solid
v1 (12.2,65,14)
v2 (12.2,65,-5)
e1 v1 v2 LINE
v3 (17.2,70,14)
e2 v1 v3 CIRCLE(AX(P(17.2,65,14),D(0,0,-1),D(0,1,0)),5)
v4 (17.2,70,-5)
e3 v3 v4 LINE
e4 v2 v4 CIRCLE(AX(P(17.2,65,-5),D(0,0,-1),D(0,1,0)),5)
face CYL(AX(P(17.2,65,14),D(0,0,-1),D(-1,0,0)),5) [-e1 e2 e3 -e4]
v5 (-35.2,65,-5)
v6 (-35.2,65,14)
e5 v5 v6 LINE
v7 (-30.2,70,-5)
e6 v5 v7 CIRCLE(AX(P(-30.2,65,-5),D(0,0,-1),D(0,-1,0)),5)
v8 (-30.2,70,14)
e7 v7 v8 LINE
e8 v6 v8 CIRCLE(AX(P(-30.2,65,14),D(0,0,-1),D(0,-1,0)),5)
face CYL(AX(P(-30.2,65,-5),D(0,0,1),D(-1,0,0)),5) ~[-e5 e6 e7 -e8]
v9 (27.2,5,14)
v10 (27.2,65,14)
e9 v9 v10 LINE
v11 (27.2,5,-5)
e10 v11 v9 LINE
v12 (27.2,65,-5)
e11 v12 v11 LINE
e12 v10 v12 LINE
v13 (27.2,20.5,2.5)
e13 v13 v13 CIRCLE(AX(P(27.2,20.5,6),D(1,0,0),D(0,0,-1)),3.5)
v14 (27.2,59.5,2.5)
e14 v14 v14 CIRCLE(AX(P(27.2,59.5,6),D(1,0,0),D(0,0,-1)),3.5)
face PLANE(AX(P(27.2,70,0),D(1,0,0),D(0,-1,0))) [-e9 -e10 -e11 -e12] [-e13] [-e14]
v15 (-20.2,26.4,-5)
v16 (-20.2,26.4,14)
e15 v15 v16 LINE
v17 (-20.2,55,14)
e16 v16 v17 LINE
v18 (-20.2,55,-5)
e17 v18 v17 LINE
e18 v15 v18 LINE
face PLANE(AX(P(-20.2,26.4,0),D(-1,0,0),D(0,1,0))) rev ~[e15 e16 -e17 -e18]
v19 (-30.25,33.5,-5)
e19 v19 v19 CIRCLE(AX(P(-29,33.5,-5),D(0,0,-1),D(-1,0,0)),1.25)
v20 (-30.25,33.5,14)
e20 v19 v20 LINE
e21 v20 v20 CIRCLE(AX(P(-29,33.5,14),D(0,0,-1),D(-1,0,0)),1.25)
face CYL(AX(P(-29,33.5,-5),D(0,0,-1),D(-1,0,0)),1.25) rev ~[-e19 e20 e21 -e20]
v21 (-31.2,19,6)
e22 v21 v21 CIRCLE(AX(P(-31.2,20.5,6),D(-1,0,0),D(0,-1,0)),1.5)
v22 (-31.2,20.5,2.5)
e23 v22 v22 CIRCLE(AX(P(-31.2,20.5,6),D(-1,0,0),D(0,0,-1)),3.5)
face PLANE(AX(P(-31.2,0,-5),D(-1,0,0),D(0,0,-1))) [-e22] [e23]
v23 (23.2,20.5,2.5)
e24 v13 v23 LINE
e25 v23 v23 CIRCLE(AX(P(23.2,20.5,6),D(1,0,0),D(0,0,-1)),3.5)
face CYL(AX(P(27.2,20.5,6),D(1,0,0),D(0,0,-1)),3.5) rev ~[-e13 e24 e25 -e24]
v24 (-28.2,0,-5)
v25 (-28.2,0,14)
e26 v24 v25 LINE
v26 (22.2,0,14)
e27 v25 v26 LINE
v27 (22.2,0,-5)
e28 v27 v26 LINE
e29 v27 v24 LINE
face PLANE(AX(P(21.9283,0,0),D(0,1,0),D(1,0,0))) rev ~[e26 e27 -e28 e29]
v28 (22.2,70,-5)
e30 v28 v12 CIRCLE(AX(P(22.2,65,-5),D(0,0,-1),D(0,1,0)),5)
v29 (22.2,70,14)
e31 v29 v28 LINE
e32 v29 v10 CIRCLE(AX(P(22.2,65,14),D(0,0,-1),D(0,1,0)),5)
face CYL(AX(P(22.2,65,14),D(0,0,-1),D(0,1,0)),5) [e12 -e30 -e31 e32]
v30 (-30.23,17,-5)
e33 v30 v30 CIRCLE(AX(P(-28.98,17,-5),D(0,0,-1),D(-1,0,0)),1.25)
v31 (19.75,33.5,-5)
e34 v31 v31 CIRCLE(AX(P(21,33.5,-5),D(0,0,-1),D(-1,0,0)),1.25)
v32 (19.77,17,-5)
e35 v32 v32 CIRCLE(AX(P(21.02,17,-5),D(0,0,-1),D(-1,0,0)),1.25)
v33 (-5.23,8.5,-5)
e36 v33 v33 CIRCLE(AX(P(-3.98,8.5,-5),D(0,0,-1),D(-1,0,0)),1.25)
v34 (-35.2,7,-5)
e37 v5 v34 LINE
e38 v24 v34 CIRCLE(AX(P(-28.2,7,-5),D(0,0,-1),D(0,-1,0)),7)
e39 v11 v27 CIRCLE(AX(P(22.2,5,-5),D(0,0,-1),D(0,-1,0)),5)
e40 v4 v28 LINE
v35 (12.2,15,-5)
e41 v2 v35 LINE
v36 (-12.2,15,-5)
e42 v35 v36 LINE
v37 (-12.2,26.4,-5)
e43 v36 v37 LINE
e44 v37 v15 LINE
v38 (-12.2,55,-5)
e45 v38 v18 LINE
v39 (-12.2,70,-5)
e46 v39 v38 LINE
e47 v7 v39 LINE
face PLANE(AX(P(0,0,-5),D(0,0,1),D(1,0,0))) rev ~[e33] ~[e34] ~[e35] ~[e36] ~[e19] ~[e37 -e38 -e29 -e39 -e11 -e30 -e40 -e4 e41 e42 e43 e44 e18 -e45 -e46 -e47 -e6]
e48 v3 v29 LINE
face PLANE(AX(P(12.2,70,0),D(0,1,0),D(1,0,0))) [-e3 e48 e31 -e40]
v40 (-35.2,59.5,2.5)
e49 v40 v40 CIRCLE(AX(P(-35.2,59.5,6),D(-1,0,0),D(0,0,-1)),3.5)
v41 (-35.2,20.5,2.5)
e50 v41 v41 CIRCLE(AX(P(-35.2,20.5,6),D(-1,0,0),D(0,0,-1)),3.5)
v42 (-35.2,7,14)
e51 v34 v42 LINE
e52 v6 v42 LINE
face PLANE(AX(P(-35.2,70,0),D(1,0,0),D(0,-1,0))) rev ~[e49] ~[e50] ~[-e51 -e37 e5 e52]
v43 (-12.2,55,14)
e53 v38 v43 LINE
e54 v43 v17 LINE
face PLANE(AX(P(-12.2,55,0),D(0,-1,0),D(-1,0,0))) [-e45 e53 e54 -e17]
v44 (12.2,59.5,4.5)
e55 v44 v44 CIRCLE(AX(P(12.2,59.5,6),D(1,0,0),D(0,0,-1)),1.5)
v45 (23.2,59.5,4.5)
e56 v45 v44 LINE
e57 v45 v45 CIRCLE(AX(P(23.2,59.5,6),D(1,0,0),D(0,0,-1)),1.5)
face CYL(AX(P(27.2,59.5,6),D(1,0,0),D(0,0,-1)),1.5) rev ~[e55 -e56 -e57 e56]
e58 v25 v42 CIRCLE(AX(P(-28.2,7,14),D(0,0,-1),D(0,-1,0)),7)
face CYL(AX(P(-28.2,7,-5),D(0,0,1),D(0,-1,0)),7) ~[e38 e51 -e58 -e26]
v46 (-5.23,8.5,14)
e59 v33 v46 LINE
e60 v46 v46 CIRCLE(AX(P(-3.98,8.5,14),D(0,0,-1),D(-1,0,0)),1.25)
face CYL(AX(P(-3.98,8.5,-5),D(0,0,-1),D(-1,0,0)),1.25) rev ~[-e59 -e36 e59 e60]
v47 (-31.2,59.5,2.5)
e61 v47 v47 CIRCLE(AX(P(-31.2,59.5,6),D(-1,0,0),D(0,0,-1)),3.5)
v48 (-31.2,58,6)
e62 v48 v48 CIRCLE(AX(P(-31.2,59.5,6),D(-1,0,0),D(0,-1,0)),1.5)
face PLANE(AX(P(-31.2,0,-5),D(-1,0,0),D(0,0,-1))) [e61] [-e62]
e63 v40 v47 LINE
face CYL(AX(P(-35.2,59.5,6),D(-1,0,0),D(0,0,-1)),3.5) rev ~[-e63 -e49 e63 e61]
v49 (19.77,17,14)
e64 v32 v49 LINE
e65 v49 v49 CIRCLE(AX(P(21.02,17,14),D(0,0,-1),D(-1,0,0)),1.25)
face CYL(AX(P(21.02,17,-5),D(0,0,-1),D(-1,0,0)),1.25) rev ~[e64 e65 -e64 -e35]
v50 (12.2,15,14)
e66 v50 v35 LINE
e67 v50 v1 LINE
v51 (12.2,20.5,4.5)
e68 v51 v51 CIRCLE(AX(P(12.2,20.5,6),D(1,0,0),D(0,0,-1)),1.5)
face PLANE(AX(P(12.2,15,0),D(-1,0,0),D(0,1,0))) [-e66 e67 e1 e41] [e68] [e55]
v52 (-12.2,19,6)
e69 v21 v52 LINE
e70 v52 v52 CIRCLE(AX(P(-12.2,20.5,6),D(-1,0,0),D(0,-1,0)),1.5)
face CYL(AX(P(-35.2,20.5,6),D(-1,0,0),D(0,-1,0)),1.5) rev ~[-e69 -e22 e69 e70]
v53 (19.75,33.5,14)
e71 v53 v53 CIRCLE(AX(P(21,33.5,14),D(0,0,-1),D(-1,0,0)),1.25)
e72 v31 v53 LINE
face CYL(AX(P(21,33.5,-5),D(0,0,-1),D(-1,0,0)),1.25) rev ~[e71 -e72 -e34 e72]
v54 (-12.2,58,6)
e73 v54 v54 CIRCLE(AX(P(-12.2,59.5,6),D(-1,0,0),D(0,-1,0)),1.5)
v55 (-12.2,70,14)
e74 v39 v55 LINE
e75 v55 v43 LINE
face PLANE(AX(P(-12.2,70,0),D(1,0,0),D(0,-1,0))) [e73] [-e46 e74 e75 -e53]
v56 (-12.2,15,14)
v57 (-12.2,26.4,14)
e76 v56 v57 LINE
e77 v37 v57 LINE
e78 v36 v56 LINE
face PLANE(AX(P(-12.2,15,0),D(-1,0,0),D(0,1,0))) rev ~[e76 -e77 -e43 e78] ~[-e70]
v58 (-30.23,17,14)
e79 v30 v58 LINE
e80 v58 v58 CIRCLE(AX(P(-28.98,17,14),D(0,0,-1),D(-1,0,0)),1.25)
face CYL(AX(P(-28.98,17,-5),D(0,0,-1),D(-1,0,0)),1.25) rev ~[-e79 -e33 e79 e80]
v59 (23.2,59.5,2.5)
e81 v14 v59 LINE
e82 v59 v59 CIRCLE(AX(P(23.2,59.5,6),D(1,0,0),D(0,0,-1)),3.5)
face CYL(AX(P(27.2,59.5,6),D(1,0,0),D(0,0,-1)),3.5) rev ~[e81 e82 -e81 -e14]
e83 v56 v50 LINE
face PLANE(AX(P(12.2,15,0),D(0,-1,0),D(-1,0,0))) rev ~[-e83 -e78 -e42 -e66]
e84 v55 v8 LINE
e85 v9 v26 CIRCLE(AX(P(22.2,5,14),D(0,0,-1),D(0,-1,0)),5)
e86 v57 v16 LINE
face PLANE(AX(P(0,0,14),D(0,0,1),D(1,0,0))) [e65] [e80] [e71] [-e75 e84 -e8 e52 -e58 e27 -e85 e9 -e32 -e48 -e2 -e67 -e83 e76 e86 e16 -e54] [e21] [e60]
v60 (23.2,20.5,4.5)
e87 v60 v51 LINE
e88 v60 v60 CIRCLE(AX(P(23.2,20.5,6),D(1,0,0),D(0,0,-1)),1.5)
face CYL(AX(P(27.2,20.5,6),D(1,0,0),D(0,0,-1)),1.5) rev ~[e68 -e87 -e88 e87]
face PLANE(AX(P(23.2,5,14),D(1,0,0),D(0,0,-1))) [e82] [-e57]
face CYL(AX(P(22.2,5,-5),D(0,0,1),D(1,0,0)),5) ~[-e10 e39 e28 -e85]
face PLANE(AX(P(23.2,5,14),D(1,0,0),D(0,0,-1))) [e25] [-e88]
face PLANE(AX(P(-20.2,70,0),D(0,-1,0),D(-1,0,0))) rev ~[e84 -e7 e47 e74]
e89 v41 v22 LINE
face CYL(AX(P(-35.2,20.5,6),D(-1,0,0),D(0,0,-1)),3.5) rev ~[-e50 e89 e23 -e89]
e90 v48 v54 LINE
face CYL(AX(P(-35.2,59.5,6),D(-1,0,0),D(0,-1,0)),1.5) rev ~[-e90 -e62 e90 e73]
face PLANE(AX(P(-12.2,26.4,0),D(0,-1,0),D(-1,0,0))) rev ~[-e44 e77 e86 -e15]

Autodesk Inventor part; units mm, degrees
ref_plane "YZ Plane" through (0, 0, 0) normal (1, 0, 0) x (0, 1, 0)
ref_plane "XZ Plane" through (0, 0, 0) normal (0, 1, 0) x (-1, 0, 0)
ref_plane "XY Plane" through (0, 0, 0) normal (0, 0, 1) x (1, 0, 0)
sketch "Эскиз1" plane through (0, 0, 0) normal (0, 0, 1) x (1, 0, 0)
  line L0 (0, 0) -> (27.2, 0)
  line L1 (27.2, 0) -> (27.2, 22.4859)
  line L2 (12.2, 15) -> (0, 15)
  line L3 (0, 15) -> (0, 0)
  line L4 (27.2, 0) -> (21.9283, 0)
  line L5 (12.2, 15) -> (12.2, 70)
  line L6 (12.2, 70) -> (27.2, 70)
  line L7 (27.2, 70) -> (27.2, 0)
  line L8 (0, 0) -> (-35.2, 0)
  line L9 (-12.2, 15) -> (0, 15)
  line L10 (-20.2, 26.4) -> (-20.2, 55)
  line L11 (-20.2, 70) -> (-35.2, 70)
  line L12 (-35.2, 70) -> (-35.2, 0)
  line L13 (-12.2, 15) -> (-12.2, 26.4)
  line L14 (-12.2, 26.4) -> (-20.2, 26.4)
  line L15 (-20.2, 70) -> (-12.2, 70)
  line L16 (-12.2, 70) -> (-12.2, 55)
  line L17 (-12.2, 55) -> (-20.2, 55)
  line L18 (12.2, 60) -> (12.2, 70)
  dimension "d37" = 11.4
  dimension "d38" = 8
  dimension "d40" = 15
  dimension "d41" = 70
  dimension "d45" = 12.2
  dimension "d54" = 23
  dimension "d55" = 15
  dimension "d56" = 23
  dimension "d57" = 15
  dimension "d58" = 15
  dimension "d60" = 12.2
extrude "Выдавливание1" add sketch "Эскиз1" along normal blind 14 and the other way blind 5
sketch "Эскиз3" plane through (0, 0, -5) normal (0, 0, -1) x (-1, 0, 0)
  circle A0 centre (28.98, 17) radius 1.25
  circle A1 centre (3.98, 8.5) radius 1.25
  circle A2 centre (-21.02, 17) radius 1.25
  line L0 (-27.2, 0) -> (35.2, 0) projected
  circle A3 centre (29, 33.5) radius 1.25
  circle A4 centre (-21, 33.5) radius 1.25
  point P0 (0, 0)
  point P1 (4, 0)
  dimension "d10" = 2.5
  dimension "d12" = 8.5
  dimension "d14" = 50
  dimension "d27" = 17
  dimension "d28" = 25
  dimension "d29" = 17
  dimension "d30" = 25
extrude "Выдавливание3" cut sketch "Эскиз3" against normal up to surface (19 mm away)
fillet "Сопряжение1" radius 5 4 edges at (27.2, 0, 4.5) (-35.2, 70, 4.5) (12.2, 70, 4.5) (27.2, 70, 4.5)
sketch "Эскиз5" plane through (-35.2, 0, -5) normal (-1, 0, 0) x (0, -1, 0)
  circle A0 centre (-20.5, 11) radius 1.5 projected
  circle A1 centre (-59.5, 11) radius 1.5 projected
  point P0 (0, 5)
extrude "Выдавливание5" cut sketch "Эскиз5" against normal up to surface (23 mm away)
sketch "Эскиз6" plane through (27.2, 5, 14) normal (1, 0, 0) x (0, 0, -1)
  circle A0 centre (8, 15.5) radius 1.5 projected
  circle A1 centre (8, 54.5) radius 1.5 projected
  point P0 (14, -5)
extrude "Выдавливание6" cut sketch "Эскиз6" against normal up to surface (15 mm away)
sketch "Эскиз7" plane through (27.2, 5, 14) normal (1, 0, 0) x (0, 0, -1)
  circle A0 centre (8, 15.5) radius 3.5
  circle A1 centre (8, 54.5) radius 3.5
  circle A2 centre (8, 15.5) radius 1.5 construction
  circle A3 centre (8, 54.5) radius 1.5 construction
  point P0 (14, -5)
  dimension "d47" = 7
extrude "Выдавливание7" cut sketch "Эскиз7" against normal blind 4
sketch "Эскиз8" plane through (-35.2, 0, -5) normal (-1, 0, 0) x (0, 0, -1)
  circle A0 centre (-11, -20.5) radius 1.5 construction
  circle A1 centre (-11, -59.5) radius 1.5 construction
  line L0 (0, -15) -> (-19, -15) projected
  circle A2 centre (-11, -20.5) radius 3.5
  circle A3 centre (-11, -59.5) radius 3.5
  point P0 (-5, 0)
extrude "Выдавливание8" cut sketch "Эскиз8" against normal blind 4
fillet "Сопряжение2" radius 7 1 edges at (-35.2, 0, 4.5)
properties part number "Крепление стрелялки"
